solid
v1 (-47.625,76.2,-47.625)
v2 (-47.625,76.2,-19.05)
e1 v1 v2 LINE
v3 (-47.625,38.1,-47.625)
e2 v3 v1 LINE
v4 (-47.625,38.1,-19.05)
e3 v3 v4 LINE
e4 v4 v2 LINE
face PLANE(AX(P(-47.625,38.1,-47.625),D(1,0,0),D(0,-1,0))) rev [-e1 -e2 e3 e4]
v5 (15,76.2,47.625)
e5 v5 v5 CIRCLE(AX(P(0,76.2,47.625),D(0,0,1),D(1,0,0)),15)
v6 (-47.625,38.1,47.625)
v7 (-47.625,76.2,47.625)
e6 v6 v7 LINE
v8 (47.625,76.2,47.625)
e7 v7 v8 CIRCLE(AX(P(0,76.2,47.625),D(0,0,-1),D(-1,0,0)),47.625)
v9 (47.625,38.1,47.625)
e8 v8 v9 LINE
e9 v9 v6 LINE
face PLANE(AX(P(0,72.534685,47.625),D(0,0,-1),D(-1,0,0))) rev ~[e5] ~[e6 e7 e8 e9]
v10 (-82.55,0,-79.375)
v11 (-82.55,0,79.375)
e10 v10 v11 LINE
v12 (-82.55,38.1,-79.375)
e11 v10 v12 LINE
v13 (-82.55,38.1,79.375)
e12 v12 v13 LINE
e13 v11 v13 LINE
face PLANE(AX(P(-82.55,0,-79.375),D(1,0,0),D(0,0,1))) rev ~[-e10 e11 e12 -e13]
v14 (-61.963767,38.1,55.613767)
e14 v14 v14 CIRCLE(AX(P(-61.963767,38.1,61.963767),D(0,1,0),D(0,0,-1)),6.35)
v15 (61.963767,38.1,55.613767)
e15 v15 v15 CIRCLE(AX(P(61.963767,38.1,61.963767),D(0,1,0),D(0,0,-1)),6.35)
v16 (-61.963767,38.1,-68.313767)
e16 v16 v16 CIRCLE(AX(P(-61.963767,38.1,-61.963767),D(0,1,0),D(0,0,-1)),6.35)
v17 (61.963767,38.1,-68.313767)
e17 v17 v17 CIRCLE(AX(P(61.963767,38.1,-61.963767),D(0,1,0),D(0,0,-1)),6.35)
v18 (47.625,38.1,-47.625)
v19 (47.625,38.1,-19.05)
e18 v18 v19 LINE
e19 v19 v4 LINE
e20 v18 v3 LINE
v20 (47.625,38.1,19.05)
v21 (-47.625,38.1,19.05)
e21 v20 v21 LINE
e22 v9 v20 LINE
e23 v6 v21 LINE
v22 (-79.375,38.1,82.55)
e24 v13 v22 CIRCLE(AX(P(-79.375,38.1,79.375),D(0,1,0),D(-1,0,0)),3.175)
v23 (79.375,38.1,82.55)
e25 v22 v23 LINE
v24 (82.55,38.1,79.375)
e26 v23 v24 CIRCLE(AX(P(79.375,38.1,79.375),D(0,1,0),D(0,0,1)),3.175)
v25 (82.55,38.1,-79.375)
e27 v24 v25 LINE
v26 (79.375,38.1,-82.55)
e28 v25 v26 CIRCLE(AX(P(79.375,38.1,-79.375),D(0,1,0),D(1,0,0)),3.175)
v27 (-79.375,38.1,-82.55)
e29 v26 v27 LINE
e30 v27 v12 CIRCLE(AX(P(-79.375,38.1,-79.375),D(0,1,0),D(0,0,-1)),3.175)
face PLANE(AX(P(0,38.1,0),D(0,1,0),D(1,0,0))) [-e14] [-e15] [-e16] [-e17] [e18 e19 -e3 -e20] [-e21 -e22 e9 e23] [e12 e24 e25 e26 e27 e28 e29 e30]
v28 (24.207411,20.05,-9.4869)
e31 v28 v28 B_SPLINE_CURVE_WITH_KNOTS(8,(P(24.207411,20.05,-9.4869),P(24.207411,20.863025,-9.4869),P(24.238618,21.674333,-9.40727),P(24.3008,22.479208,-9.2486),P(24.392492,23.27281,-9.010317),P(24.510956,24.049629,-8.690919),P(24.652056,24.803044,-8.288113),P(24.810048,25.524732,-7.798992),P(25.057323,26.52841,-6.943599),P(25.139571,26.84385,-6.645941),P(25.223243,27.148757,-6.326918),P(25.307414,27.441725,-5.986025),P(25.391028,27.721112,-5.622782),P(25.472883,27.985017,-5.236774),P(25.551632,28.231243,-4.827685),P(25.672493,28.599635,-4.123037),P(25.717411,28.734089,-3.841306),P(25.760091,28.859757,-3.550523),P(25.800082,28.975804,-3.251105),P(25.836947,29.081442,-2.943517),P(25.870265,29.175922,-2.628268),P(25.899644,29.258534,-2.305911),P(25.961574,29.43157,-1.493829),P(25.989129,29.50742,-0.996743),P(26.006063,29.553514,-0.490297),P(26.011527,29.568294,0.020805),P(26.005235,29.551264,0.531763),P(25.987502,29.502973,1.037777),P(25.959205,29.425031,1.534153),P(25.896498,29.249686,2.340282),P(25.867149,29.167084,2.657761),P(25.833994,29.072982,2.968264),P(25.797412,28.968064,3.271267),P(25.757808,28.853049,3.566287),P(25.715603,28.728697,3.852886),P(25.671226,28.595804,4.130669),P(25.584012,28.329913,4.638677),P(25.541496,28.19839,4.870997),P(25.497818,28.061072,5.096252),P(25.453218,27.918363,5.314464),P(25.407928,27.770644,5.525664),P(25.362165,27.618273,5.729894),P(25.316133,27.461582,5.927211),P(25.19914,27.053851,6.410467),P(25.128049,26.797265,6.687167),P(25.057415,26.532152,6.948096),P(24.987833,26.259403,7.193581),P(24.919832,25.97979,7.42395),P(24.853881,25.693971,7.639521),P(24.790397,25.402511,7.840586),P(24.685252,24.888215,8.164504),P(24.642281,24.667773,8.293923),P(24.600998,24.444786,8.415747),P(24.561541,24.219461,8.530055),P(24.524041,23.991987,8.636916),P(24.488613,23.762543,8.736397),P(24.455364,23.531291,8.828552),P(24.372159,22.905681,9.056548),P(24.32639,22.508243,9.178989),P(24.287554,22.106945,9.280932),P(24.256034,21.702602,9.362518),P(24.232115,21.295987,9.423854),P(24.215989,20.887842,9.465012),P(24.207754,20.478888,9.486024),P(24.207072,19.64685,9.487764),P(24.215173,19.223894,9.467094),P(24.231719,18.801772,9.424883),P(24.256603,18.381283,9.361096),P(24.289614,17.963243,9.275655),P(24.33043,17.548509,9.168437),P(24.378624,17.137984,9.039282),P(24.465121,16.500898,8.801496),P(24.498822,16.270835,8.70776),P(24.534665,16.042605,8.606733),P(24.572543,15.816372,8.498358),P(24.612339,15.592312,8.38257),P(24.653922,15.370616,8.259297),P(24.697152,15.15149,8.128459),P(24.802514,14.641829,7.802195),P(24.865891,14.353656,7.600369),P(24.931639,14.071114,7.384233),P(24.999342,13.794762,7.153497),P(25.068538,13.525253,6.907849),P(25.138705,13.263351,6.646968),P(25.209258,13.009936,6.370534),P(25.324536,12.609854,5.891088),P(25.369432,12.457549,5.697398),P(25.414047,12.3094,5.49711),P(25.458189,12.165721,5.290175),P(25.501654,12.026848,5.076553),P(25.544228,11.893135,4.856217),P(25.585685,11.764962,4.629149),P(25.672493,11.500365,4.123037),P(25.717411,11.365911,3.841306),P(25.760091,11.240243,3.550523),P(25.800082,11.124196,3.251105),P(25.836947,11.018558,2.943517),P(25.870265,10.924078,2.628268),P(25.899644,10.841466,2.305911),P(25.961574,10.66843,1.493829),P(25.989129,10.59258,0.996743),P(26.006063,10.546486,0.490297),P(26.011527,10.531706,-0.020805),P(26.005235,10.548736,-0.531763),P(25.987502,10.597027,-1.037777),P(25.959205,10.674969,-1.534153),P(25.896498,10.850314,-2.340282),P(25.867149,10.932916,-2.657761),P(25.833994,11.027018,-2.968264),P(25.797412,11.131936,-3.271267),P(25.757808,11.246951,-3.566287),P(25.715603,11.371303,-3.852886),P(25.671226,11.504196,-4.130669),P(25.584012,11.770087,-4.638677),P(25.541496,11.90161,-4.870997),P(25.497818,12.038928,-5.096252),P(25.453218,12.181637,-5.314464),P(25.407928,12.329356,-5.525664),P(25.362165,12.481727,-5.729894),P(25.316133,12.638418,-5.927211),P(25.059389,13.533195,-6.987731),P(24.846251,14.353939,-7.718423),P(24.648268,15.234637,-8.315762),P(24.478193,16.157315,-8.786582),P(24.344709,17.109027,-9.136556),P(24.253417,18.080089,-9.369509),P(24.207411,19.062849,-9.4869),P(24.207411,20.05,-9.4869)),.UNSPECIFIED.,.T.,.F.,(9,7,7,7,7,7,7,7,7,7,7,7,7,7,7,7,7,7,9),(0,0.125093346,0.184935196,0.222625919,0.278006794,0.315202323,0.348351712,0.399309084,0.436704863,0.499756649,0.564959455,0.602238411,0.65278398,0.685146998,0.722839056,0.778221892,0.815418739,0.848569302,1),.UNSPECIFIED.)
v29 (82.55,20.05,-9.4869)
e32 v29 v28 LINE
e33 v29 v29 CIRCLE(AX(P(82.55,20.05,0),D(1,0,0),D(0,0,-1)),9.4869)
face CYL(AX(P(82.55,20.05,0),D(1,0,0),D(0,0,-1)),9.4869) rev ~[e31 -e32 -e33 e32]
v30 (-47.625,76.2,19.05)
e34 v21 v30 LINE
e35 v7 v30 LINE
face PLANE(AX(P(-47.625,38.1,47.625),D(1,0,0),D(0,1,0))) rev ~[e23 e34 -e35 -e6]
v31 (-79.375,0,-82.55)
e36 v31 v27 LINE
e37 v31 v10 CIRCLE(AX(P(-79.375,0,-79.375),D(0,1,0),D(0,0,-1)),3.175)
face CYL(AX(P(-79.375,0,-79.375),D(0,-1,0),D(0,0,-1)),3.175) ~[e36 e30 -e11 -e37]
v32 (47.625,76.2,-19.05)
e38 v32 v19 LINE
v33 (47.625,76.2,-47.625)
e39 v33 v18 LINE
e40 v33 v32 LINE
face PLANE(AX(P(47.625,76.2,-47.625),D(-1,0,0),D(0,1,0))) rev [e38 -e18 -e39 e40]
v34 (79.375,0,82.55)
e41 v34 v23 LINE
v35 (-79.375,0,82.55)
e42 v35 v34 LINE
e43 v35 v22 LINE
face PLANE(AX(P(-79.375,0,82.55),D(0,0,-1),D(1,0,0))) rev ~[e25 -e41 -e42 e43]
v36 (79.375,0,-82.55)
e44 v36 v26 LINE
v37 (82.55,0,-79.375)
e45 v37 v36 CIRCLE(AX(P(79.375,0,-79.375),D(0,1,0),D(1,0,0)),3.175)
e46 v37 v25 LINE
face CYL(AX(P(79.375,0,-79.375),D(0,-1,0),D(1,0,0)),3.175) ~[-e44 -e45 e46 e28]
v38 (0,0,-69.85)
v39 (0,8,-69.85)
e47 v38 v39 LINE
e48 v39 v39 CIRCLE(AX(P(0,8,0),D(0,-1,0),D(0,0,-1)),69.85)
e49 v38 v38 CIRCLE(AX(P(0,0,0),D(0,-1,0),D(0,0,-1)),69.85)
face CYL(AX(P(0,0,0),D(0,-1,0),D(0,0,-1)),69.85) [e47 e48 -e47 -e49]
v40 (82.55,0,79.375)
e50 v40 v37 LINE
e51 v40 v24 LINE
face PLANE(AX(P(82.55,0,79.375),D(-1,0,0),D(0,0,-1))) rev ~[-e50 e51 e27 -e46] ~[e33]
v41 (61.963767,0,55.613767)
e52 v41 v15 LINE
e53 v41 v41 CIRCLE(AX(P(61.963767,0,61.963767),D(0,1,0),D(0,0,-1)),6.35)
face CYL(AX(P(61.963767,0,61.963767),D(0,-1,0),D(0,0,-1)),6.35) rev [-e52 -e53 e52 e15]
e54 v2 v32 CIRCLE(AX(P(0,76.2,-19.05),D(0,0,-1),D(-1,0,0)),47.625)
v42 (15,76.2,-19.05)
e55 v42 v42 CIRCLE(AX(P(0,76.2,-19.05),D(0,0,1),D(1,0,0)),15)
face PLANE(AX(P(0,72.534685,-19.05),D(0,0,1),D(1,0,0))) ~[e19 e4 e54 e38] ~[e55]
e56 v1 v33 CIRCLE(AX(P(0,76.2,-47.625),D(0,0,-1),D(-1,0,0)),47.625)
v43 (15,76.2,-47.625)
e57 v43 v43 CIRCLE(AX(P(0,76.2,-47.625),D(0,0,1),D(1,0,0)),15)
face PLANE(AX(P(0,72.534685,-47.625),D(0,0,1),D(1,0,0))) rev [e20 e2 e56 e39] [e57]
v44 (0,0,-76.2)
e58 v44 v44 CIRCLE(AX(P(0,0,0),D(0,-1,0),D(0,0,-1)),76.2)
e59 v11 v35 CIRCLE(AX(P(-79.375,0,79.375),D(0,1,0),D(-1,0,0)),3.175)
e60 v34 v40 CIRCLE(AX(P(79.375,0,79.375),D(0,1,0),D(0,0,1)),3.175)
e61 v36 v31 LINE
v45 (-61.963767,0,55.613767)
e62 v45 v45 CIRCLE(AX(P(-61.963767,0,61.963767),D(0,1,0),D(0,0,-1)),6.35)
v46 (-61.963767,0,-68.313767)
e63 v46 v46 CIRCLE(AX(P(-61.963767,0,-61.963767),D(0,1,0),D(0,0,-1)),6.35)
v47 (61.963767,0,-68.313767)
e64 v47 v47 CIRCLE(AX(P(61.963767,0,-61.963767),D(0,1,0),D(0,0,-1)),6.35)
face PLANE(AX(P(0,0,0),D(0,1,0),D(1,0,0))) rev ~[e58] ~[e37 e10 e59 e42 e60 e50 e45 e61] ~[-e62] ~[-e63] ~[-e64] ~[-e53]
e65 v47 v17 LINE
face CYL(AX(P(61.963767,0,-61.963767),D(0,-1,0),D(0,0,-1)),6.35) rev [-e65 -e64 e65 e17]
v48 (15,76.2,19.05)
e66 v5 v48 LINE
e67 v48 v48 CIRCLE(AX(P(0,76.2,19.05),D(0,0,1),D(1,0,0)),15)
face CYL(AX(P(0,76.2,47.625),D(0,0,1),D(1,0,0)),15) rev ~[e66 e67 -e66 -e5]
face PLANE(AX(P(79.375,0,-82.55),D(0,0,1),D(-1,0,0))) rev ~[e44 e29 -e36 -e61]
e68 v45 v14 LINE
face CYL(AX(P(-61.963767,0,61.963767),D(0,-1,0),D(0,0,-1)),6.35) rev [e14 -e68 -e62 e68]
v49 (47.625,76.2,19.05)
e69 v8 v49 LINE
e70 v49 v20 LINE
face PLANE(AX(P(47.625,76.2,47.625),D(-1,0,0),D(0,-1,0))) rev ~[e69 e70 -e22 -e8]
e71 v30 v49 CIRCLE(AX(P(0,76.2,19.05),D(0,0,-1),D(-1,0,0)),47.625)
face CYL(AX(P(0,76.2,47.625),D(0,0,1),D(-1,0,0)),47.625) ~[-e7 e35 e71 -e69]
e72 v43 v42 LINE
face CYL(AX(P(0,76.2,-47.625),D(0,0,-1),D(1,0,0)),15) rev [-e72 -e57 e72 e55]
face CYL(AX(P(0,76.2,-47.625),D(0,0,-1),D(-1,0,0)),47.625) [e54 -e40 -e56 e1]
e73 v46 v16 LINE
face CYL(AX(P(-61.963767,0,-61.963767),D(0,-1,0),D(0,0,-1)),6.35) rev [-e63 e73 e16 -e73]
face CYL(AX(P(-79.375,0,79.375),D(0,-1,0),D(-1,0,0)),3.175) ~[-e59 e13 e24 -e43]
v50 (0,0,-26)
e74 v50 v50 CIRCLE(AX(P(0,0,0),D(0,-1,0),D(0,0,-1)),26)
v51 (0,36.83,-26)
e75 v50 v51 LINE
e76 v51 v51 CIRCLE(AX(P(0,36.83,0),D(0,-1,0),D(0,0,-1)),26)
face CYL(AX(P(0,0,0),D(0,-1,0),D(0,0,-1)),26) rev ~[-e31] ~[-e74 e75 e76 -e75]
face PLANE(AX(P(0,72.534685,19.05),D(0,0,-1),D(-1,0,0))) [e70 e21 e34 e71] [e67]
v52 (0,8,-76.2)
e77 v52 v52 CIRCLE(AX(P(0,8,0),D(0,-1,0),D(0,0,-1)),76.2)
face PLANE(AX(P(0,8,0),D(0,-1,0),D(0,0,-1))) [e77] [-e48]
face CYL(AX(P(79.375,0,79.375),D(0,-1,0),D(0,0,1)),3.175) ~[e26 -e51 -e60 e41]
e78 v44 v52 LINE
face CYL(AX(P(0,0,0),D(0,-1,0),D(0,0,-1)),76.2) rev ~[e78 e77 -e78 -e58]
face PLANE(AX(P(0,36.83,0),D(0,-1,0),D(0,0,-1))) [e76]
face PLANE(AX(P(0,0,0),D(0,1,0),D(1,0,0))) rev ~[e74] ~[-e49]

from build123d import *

# Parameters (mm, degrees)
SKETCH1_R                         = 6.35
BOSS_EXTRUDE1_DEPTH               = 38.1
BOSS_EXTRUDE2_START               = -34.925
SKETCH2_R                         = 15
BOSS_EXTRUDE2_DEPTH               = 28.575
SKETCH3_R                         = 26
CUT_EXTRUDE1_DEPTH                = 36.83
SKETCH4_R                         = 76.2
SKETCH4_R_2                       = 69.85
CUT_EXTRUDE2_DEPTH                = 8
F_1_2_14_NPSM_TAPPED_HOLE1_REACH  = 224.273
F_1_2_14_NPSM_TAPPED_HOLE1_BORE_R = 9.4869


with BuildPart() as part:
    # Sketch1 → Boss-Extrude1 (new body)
    with BuildSketch(Plane(origin=(0, 0, 0), x_dir=(1, 0, 0), z_dir=(0, 1, 0))):
        with BuildLine():
            Line((-79.375, -82.55), (79.375, -82.55))
            ThreePointArc((79.375, -82.55), (81.62006403, -81.62006403), (82.55, -79.375))
            Line((82.55, -79.375), (82.55, 79.375))
            ThreePointArc((82.55, 79.375), (81.62006403, 81.62006403), (79.375, 82.55))
            Line((79.375, 82.55), (-79.375, 82.55))
            ThreePointArc((-79.375, 82.55), (-81.62006403, 81.62006403), (-82.55, 79.375))
            Line((-82.55, 79.375), (-82.55, -79.375))
            ThreePointArc((-82.55, -79.375), (-81.62006403, -81.62006403), (-79.375, -82.55))
        make_face()
        with Locations(Location((61.963767235, 61.963767235, 0), (0, 0, 90))):
            Circle(SKETCH1_R, mode=Mode.SUBTRACT)
        with Locations(Location((61.963767235, -61.963767235, 0), (0, 0, 90))):
            Circle(SKETCH1_R, mode=Mode.SUBTRACT)
        with Locations(Location((-61.963767235, -61.963767235, 0), (0, 0, 90))):
            Circle(SKETCH1_R, mode=Mode.SUBTRACT)
        with Locations(Location((-61.963767235, 61.963767235, 0), (0, 0, 90))):
            Circle(SKETCH1_R, mode=Mode.SUBTRACT)
    extrude(amount=BOSS_EXTRUDE1_DEPTH)

    # Sketch2 → Boss-Extrude2 (add)
    with BuildSketch(Plane.XY.offset(82.55).offset(BOSS_EXTRUDE2_START)):
        with BuildLine():
            Line((-47.625, 38.1), (-47.625, 76.2))
            ThreePointArc((-47.625, 76.2), (0, 123.825), (47.625, 76.2))
            Line((47.625, 76.2), (47.625, 38.1))
            Line((47.625, 38.1), (-47.625, 38.1))
        make_face()
        with Locations((0, 76.2)):
            Circle(SKETCH2_R, mode=Mode.SUBTRACT)
    boss_extrude2 = extrude(amount=-BOSS_EXTRUDE2_DEPTH)

    # Mirror1: Boss-Extrude2 across plane
    add(boss_extrude2.mirror(Plane.XY))

    # Sketch3 → Cut-Extrude1 (cut)
    with BuildSketch(Plane.XZ):
        with Locations(Location((0, 0, 0), (0, 0, 270))):
            Circle(SKETCH3_R)
    extrude(amount=-CUT_EXTRUDE1_DEPTH, mode=Mode.SUBTRACT)

    # Sketch4 → Cut-Extrude2 (cut)
    with BuildSketch(Plane.XZ):
        with Locations(Location((0, 0, 0), (0, 0, 270))):
            Circle(SKETCH4_R)
        with Locations(Location((0, 0, 0), (0, 0, 270))):
            Circle(SKETCH4_R_2, mode=Mode.SUBTRACT)
    extrude(amount=-CUT_EXTRUDE2_DEPTH, mode=Mode.SUBTRACT)

    # 1/2-14 NPSM Tapped Hole1 bore → 1/2-14 NPSM Tapped Hole1 (cut, up to next)
    with BuildSketch(Plane(origin=(82.55, 0, 0), x_dir=(0, 0, -1), z_dir=(1, 0, 0)), mode=Mode.PRIVATE) as f_1_2_14_npsm_tapped_hole1_sk1:
        with Locations((0, 20.05)):
            Circle(F_1_2_14_NPSM_TAPPED_HOLE1_BORE_R)
    f_1_2_14_npsm_tapped_hole1_tool1 = extrude(f_1_2_14_npsm_tapped_hole1_sk1.sketch, amount=-F_1_2_14_NPSM_TAPPED_HOLE1_REACH, mode=Mode.PRIVATE) & part.part
    add(f_1_2_14_npsm_tapped_hole1_tool1.solids().sort_by_distance((82.55, 20.05, 0))[0], mode=Mode.SUBTRACT)


solid = part.part
